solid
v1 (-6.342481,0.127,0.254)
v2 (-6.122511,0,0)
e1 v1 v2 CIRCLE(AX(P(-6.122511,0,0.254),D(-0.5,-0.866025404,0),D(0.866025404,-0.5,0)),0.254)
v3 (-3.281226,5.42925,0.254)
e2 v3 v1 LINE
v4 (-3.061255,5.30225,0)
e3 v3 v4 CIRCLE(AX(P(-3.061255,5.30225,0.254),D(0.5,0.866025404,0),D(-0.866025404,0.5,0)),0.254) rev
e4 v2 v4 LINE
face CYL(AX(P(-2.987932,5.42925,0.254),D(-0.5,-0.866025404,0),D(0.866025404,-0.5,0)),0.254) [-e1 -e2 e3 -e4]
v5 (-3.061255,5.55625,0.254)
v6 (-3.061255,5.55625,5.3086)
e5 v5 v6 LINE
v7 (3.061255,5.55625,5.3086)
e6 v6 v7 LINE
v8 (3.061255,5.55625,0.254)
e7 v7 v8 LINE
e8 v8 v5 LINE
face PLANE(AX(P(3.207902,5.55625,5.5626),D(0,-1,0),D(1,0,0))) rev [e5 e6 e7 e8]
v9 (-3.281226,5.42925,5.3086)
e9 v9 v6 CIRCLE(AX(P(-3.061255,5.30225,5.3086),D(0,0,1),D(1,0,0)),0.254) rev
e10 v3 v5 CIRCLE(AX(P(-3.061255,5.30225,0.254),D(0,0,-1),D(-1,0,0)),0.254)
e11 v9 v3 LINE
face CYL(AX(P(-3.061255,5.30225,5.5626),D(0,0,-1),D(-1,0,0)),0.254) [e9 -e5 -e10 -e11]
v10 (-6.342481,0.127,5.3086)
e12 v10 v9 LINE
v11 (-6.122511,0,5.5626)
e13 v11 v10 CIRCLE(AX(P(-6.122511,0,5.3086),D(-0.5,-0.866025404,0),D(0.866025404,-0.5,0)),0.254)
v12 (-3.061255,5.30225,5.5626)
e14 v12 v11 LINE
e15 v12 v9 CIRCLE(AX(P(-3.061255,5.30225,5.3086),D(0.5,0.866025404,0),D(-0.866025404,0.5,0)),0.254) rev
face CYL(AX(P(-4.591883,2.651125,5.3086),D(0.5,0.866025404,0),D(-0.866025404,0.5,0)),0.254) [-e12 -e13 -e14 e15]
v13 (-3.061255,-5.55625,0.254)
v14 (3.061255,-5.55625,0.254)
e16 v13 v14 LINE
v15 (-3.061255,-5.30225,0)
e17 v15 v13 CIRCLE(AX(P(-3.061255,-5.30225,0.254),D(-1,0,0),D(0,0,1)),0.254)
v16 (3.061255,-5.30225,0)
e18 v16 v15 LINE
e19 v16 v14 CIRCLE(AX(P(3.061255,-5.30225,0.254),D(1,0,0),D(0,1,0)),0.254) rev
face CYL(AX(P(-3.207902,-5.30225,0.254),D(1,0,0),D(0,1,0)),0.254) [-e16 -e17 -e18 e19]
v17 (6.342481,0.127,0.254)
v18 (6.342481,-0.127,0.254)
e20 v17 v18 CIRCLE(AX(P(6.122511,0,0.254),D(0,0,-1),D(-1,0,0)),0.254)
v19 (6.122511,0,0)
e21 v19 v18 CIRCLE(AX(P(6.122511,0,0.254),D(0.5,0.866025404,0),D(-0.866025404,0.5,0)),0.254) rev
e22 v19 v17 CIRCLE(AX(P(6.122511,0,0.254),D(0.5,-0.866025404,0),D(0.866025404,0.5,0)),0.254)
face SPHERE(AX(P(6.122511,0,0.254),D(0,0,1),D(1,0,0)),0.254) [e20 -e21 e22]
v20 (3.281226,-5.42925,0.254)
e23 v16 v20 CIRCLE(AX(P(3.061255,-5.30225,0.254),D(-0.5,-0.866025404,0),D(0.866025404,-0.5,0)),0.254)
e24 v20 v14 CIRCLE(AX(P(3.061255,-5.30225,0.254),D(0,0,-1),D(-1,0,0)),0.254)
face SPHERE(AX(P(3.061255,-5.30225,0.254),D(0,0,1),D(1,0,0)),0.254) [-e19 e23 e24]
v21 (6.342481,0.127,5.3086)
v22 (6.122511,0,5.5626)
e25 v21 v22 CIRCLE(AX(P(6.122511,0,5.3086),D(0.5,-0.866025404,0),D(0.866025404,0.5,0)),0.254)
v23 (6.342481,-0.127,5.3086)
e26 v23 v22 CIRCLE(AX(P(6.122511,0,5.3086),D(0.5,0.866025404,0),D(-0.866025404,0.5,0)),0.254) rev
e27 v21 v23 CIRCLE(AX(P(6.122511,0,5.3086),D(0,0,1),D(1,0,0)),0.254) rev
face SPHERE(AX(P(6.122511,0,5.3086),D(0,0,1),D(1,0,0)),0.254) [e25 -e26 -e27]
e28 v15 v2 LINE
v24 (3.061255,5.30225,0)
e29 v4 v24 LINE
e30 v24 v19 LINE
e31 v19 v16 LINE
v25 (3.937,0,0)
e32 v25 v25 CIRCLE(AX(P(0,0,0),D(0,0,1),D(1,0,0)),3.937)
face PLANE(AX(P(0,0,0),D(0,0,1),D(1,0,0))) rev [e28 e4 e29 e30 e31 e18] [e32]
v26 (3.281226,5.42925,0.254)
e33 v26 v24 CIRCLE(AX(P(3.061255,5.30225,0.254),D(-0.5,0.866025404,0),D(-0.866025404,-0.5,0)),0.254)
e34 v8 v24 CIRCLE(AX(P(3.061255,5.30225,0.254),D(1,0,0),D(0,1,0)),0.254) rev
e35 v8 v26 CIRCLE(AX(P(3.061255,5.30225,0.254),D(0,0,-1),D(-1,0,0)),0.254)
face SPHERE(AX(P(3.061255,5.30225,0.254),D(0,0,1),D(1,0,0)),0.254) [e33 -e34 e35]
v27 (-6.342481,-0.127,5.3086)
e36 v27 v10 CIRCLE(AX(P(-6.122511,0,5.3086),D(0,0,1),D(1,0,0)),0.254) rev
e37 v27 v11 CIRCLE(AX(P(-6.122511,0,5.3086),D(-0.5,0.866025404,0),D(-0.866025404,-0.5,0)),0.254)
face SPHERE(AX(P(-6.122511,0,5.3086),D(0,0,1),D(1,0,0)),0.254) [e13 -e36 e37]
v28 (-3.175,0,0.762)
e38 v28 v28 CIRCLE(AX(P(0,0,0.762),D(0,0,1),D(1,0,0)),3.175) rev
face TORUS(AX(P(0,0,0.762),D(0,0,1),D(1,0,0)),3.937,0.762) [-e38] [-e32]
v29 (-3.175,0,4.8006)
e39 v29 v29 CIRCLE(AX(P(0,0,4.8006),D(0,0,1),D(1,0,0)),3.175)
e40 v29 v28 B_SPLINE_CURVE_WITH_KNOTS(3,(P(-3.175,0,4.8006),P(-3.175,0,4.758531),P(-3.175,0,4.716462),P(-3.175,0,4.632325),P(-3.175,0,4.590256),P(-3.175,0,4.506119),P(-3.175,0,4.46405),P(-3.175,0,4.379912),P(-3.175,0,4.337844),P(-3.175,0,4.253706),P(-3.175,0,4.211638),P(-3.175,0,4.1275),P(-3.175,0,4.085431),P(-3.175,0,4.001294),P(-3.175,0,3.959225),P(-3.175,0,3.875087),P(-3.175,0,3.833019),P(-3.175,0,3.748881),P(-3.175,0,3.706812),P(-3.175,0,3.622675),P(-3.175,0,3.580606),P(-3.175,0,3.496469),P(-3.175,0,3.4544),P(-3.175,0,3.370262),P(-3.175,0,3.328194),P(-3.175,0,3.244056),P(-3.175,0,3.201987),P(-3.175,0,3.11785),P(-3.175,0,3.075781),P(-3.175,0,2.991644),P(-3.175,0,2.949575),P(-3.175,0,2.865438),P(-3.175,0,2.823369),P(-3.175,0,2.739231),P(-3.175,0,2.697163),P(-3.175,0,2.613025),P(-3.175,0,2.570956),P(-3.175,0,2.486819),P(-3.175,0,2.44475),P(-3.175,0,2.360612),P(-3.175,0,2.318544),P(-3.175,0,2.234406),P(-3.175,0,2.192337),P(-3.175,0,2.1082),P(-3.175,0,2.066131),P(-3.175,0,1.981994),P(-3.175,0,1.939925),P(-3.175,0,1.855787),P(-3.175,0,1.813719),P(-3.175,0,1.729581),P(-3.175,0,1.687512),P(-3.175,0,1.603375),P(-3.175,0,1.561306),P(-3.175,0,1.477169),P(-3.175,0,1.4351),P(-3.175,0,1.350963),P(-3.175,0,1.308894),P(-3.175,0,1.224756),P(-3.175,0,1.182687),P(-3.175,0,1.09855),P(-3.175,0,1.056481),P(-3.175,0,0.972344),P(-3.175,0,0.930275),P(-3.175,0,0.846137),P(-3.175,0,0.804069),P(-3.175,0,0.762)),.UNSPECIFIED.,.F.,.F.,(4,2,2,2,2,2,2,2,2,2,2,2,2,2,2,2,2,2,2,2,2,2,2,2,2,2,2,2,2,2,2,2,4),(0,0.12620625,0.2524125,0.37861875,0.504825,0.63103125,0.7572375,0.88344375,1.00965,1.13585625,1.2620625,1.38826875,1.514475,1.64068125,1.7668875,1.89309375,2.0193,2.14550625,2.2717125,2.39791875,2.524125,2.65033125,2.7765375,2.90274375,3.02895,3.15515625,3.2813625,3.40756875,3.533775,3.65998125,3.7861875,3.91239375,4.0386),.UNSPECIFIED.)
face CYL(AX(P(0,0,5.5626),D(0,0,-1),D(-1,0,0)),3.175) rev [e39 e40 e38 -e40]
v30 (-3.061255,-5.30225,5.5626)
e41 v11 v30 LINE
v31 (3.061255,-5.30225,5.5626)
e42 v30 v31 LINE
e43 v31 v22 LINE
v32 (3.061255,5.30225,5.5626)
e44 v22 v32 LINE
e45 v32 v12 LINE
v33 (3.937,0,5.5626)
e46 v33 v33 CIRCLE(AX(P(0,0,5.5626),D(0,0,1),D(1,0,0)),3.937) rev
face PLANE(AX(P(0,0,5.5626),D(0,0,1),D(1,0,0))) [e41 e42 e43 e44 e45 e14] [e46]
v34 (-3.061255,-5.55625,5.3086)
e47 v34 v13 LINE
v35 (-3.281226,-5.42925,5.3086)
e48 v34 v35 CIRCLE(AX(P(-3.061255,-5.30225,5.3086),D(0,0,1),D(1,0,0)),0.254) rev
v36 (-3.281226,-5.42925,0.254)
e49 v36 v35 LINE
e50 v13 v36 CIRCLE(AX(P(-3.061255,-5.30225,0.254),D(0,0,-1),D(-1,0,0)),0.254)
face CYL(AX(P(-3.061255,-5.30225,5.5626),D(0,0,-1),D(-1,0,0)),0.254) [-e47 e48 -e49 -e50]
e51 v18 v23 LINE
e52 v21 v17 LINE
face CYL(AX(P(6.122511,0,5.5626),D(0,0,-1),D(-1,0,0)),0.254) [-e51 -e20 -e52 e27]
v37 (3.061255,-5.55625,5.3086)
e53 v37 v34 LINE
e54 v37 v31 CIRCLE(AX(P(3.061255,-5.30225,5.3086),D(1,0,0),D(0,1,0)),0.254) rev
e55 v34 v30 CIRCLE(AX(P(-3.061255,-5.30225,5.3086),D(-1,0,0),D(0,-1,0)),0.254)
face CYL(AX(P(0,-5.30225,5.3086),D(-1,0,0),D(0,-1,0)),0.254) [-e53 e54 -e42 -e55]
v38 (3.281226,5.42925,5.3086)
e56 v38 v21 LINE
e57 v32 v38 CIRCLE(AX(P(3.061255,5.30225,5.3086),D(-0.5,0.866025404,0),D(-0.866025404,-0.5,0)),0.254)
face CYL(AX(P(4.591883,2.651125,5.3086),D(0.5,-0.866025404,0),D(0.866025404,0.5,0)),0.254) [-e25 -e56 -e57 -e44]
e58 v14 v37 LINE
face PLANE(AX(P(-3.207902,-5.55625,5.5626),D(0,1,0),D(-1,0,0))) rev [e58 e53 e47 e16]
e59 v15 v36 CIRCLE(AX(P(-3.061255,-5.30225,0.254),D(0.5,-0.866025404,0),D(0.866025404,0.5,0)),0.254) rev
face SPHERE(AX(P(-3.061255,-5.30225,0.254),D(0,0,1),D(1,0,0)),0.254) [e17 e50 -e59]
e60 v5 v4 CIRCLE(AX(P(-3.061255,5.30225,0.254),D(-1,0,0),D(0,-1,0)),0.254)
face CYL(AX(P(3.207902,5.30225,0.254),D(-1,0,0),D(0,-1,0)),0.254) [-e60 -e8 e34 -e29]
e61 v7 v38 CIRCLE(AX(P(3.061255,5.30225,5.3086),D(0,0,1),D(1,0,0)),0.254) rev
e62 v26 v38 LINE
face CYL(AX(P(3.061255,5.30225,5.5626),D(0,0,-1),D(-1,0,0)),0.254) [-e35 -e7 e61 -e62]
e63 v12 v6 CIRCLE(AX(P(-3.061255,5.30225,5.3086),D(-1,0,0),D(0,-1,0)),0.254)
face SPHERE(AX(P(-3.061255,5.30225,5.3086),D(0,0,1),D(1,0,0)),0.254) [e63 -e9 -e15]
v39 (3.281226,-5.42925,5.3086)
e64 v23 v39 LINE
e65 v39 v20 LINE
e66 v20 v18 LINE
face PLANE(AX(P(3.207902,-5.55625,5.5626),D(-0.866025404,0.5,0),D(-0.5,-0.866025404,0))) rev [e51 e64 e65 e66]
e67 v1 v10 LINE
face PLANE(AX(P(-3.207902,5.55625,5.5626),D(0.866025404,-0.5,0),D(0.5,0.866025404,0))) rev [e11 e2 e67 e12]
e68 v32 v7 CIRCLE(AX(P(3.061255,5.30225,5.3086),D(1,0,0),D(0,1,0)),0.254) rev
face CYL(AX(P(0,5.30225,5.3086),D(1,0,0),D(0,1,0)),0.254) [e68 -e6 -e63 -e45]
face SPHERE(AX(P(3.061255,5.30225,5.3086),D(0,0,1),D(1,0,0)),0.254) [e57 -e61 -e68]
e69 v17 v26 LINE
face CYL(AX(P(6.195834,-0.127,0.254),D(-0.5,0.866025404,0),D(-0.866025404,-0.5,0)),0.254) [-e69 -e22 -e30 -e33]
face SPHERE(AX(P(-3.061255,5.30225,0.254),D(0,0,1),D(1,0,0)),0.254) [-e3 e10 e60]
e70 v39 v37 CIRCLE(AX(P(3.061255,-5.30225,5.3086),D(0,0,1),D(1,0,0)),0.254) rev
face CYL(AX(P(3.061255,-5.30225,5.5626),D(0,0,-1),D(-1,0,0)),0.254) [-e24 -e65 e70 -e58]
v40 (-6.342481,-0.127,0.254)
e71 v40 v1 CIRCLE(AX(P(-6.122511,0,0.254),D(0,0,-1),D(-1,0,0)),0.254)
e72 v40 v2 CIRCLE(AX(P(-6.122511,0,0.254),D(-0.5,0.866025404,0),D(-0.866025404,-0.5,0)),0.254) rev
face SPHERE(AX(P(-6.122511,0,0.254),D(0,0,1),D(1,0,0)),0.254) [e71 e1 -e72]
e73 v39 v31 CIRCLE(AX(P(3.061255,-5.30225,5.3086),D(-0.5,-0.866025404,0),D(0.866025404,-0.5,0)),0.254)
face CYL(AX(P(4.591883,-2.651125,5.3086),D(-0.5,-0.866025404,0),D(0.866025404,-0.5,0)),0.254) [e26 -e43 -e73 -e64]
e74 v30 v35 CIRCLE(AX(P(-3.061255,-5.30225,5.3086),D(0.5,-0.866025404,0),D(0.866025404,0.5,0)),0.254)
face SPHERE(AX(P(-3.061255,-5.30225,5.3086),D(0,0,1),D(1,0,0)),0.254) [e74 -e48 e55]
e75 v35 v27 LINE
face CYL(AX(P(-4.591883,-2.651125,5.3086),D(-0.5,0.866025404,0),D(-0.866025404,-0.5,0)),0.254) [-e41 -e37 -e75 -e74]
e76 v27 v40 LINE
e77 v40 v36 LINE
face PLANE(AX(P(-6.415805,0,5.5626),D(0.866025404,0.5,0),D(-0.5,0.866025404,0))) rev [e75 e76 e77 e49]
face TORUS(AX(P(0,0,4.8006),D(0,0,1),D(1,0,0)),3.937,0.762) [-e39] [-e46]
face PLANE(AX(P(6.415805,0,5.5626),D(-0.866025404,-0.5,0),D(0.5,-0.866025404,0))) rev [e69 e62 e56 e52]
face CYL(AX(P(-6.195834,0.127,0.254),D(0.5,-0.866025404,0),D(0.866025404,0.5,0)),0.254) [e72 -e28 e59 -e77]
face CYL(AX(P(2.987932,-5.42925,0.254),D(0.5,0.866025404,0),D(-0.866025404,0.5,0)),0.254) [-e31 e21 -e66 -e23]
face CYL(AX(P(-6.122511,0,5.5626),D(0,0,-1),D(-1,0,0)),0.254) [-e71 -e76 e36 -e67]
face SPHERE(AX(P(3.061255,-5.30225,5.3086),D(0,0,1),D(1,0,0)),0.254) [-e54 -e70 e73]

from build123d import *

# Parameters (mm, degrees)
SKETCH1_R           = 3.175
BOSS_EXTRUDE1_DEPTH = 5.5626
FILLET1_R           = 0.254
FILLET2_R           = 0.762


with BuildPart() as part:
    # Sketch1 → Boss-Extrude1 (new body)
    with BuildSketch(Plane.XY):
        Polygon((3.207902433, -5.55625), (6.415804866, 0), (3.207902433, 5.55625), (-3.207902433, 5.55625), (-6.415804866, 0), (-3.207902433, -5.55625), align=None)
        with Locations(Location((0, 0, 0), (0, 0, 180))):
            Circle(SKETCH1_R, mode=Mode.SUBTRACT)
    extrude(amount=BOSS_EXTRUDE1_DEPTH)

    # Fillet1
    fillet1_edges = [part.edges().sort_by_distance(p)[0] for p in [
        (-4.81185365, 2.778125, 5.5626),
        (6.415804866, 0, 2.7813),
        (3.207902433, -5.55625, 2.7813),
        (-3.207902433, -5.55625, 2.7813),
        (-6.415804866, 0, 2.7813),
        (-3.207902433, 5.55625, 2.7813),
        (3.207902433, 5.55625, 2.7813),
        (-4.81185365, -2.778125, 5.5626),
        (0, -5.55625, 5.5626),
        (4.81185365, -2.778125, 5.5626),
        (4.81185365, 2.778125, 5.5626),
        (4.81185365, -2.778125, 0),
        (0, -5.55625, 0),
        (-4.81185365, -2.778125, 0),
        (0, 5.55625, 5.5626),
        (-4.81185365, 2.778125, 0),
        (0, 5.55625, 0),
        (4.81185365, 2.778125, 0),
    ]]
    fillet(fillet1_edges, radius=FILLET1_R)

    # Fillet2
    fillet2_edges = [part.edges().sort_by_distance(p)[0] for p in [
        (3.175, 0, 0),
        (3.175, 0, 5.5626),
    ]]
    fillet(fillet2_edges, radius=FILLET2_R)


solid = part.part
